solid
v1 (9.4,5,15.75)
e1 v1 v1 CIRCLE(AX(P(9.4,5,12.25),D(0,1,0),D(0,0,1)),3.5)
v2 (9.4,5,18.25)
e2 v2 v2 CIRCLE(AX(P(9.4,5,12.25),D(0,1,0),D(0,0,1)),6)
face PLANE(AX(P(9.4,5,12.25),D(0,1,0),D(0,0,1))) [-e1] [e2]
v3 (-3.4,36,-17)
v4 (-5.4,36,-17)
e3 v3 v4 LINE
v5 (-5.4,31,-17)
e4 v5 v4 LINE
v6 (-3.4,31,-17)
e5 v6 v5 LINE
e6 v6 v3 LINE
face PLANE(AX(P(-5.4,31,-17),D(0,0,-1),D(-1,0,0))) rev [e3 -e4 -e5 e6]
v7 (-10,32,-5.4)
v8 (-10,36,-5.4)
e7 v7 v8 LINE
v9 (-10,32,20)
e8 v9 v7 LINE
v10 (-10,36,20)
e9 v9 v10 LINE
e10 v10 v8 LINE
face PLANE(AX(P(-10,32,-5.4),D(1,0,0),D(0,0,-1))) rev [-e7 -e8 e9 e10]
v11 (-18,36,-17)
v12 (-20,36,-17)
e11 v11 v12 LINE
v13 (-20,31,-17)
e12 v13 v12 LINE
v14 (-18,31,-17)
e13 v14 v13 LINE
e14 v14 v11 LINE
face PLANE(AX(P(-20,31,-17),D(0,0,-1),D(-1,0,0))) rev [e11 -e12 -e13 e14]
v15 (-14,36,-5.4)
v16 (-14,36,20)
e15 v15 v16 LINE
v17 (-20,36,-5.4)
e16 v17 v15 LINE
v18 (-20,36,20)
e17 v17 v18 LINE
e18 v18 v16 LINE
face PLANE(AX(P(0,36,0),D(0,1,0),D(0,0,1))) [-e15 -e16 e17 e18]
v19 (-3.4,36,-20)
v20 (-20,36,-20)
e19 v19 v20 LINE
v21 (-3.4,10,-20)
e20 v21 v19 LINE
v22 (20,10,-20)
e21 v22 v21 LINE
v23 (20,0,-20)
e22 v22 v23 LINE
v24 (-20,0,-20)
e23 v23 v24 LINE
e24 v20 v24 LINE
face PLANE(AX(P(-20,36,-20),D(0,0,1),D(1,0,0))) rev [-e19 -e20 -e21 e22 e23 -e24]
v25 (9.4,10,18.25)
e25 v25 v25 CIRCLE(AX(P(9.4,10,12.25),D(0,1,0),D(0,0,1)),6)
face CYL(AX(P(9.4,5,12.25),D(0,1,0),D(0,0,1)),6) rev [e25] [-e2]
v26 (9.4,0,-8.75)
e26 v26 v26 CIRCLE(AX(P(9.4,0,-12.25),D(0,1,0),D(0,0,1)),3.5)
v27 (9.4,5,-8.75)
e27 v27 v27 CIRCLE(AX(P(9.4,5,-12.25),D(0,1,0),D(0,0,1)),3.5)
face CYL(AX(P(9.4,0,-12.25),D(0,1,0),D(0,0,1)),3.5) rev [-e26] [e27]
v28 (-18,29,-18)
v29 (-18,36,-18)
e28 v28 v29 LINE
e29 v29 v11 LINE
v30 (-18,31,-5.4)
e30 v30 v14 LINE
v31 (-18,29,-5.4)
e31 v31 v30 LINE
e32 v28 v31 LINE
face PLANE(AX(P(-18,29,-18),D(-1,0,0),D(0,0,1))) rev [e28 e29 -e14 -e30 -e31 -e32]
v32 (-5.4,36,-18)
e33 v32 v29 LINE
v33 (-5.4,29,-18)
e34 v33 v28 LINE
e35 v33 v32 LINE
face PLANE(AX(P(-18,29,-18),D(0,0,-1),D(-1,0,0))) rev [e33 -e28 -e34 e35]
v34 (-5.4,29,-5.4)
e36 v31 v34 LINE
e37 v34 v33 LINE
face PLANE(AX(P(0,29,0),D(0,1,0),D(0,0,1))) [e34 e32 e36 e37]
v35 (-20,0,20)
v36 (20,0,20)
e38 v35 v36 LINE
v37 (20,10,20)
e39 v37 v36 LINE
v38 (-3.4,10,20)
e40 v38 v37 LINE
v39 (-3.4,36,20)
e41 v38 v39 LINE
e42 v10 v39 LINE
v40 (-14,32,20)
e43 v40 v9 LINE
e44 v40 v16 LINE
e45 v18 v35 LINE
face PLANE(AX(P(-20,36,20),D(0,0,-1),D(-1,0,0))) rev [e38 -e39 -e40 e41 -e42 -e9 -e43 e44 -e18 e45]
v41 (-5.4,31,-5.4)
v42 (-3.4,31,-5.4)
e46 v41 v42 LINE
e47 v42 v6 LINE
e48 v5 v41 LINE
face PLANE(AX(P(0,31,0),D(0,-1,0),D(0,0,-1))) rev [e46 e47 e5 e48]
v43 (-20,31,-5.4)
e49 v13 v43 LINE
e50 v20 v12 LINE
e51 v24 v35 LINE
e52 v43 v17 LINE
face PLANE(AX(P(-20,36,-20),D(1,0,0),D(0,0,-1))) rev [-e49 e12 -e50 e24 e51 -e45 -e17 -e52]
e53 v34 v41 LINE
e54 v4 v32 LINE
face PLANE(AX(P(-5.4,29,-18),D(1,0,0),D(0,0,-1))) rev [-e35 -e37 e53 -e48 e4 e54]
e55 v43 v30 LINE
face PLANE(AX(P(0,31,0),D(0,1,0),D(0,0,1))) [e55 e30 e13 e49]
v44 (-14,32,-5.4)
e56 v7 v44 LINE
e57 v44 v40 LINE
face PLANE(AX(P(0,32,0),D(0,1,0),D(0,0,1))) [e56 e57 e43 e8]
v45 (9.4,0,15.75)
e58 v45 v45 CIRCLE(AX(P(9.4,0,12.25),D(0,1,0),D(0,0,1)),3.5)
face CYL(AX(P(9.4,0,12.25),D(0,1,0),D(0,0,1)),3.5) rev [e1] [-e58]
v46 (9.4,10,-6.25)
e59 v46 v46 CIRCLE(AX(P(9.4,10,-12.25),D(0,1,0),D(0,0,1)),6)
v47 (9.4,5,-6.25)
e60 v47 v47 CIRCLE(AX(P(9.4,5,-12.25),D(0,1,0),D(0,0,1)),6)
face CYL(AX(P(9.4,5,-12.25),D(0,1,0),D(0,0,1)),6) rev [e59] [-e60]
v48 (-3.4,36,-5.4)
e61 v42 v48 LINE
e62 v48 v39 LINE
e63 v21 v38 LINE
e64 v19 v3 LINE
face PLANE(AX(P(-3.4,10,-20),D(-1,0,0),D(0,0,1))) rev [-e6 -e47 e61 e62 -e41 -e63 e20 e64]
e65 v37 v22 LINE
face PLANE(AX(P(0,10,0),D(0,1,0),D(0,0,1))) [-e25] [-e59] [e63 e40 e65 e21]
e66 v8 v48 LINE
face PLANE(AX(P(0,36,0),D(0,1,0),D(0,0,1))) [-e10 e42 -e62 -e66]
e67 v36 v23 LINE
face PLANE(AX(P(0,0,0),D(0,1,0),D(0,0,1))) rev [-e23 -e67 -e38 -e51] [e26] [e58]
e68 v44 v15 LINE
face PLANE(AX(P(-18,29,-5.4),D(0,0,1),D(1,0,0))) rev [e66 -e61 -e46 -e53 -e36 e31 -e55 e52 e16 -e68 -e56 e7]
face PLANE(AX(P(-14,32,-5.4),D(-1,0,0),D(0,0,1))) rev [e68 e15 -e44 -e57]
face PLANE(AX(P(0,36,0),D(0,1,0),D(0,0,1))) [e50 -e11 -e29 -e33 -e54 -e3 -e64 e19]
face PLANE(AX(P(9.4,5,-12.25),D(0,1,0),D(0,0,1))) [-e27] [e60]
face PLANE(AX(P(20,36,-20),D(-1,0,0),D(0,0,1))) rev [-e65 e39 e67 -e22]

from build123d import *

# Parameters (mm, degrees)
SKETCH_1_W          = 40
SKETCH_1_H          = 40
EXTRUDE_1_DEPTH     = 36
SKETCH_2_W          = 12.6
SKETCH_2_H          = 12.6
CUT_EXTRUDE_1_DEPTH = 7
SKETCH_3_W          = 2
SKETCH_3_H          = 11.6
CUT_EXTRUDE_2_DEPTH = 5
SKETCH_4_W          = 4
SKETCH_4_H          = 25.4
CUT_EXTRUDE_3_DEPTH = 4
SKETCH_5_W          = 23.4
SKETCH_5_H          = 40
CUT_EXTRUDE_6_DEPTH = 26
SKETCH_6_R          = 6
CUT_EXTRUDE_7_DEPTH = 5
SKETCH_7_R          = 3.5
CUT_EXTRUDE_8_DEPTH = 39.418745425


with BuildPart() as part:
    # 草图1 → 凸台-拉伸1 (new body)
    with BuildSketch(Plane(origin=(0, 0, 0), x_dir=(1, 0, 0), z_dir=(0, 1, 0))):
        Rectangle(SKETCH_1_W, SKETCH_1_H)
    extrude(amount=EXTRUDE_1_DEPTH)

    # 草图2 → 切除-拉伸1 (cut)
    with BuildSketch(Plane(origin=(0, 36, 0), x_dir=(1, 0, 0), z_dir=(0, 1, 0))):
        with Locations((-11.7, 11.7)):
            Rectangle(SKETCH_2_W, SKETCH_2_H)
    extrude(amount=-CUT_EXTRUDE_1_DEPTH, mode=Mode.SUBTRACT)

    # 草图3 → 切除-拉伸2 (cut)
    with BuildSketch(Plane(origin=(0, 36, 0), x_dir=(1, 0, 0), z_dir=(0, 1, 0))):
        with Locations((-19, 11.2)):
            Rectangle(SKETCH_3_W, SKETCH_3_H)
        with Locations((-4.4, 11.2)):
            Rectangle(SKETCH_3_W, SKETCH_3_H)
    extrude(amount=-CUT_EXTRUDE_2_DEPTH, mode=Mode.SUBTRACT)

    # 草图4 → 切除-拉伸3 (cut)
    with BuildSketch(Plane(origin=(0, 36, 0), x_dir=(1, 0, 0), z_dir=(0, 1, 0))):
        with Locations((-12, -7.3)):
            Rectangle(SKETCH_4_W, SKETCH_4_H)
    extrude(amount=-CUT_EXTRUDE_3_DEPTH, mode=Mode.SUBTRACT)

    # 草图5 → 切除-拉伸6 (cut)
    with BuildSketch(Plane(origin=(0, 36, 0), x_dir=(1, 0, 0), z_dir=(0, 1, 0))):
        with Locations((8.3, 0)):
            Rectangle(SKETCH_5_W, SKETCH_5_H)
    extrude(amount=-CUT_EXTRUDE_6_DEPTH, mode=Mode.SUBTRACT)

    # 草图6 → 切除-拉伸7 (cut)
    with BuildSketch(Plane(origin=(0, 10, 0), x_dir=(1, 0, 0), z_dir=(0, 1, 0))):
        with Locations(Location((9.4, 12.25, 0), (0, 0, 270))):
            Circle(SKETCH_6_R)
        with Locations(Location((9.4, -12.25, 0), (0, 0, 270))):
            Circle(SKETCH_6_R)
    extrude(amount=-CUT_EXTRUDE_7_DEPTH, mode=Mode.SUBTRACT)

    # 草图7 → 切除-拉伸8 (cut, through all)
    with BuildSketch(Plane(origin=(0, 10, 0), x_dir=(1, 0, 0), z_dir=(0, 1, 0))):
        with Locations(Location((9.4, 12.25, 0), (0, 0, 270))):
            Circle(SKETCH_7_R)
        with Locations(Location((9.4, -12.25, 0), (0, 0, 270))):
            Circle(SKETCH_7_R)
    extrude(amount=-CUT_EXTRUDE_8_DEPTH, mode=Mode.SUBTRACT)


solid = part.part
